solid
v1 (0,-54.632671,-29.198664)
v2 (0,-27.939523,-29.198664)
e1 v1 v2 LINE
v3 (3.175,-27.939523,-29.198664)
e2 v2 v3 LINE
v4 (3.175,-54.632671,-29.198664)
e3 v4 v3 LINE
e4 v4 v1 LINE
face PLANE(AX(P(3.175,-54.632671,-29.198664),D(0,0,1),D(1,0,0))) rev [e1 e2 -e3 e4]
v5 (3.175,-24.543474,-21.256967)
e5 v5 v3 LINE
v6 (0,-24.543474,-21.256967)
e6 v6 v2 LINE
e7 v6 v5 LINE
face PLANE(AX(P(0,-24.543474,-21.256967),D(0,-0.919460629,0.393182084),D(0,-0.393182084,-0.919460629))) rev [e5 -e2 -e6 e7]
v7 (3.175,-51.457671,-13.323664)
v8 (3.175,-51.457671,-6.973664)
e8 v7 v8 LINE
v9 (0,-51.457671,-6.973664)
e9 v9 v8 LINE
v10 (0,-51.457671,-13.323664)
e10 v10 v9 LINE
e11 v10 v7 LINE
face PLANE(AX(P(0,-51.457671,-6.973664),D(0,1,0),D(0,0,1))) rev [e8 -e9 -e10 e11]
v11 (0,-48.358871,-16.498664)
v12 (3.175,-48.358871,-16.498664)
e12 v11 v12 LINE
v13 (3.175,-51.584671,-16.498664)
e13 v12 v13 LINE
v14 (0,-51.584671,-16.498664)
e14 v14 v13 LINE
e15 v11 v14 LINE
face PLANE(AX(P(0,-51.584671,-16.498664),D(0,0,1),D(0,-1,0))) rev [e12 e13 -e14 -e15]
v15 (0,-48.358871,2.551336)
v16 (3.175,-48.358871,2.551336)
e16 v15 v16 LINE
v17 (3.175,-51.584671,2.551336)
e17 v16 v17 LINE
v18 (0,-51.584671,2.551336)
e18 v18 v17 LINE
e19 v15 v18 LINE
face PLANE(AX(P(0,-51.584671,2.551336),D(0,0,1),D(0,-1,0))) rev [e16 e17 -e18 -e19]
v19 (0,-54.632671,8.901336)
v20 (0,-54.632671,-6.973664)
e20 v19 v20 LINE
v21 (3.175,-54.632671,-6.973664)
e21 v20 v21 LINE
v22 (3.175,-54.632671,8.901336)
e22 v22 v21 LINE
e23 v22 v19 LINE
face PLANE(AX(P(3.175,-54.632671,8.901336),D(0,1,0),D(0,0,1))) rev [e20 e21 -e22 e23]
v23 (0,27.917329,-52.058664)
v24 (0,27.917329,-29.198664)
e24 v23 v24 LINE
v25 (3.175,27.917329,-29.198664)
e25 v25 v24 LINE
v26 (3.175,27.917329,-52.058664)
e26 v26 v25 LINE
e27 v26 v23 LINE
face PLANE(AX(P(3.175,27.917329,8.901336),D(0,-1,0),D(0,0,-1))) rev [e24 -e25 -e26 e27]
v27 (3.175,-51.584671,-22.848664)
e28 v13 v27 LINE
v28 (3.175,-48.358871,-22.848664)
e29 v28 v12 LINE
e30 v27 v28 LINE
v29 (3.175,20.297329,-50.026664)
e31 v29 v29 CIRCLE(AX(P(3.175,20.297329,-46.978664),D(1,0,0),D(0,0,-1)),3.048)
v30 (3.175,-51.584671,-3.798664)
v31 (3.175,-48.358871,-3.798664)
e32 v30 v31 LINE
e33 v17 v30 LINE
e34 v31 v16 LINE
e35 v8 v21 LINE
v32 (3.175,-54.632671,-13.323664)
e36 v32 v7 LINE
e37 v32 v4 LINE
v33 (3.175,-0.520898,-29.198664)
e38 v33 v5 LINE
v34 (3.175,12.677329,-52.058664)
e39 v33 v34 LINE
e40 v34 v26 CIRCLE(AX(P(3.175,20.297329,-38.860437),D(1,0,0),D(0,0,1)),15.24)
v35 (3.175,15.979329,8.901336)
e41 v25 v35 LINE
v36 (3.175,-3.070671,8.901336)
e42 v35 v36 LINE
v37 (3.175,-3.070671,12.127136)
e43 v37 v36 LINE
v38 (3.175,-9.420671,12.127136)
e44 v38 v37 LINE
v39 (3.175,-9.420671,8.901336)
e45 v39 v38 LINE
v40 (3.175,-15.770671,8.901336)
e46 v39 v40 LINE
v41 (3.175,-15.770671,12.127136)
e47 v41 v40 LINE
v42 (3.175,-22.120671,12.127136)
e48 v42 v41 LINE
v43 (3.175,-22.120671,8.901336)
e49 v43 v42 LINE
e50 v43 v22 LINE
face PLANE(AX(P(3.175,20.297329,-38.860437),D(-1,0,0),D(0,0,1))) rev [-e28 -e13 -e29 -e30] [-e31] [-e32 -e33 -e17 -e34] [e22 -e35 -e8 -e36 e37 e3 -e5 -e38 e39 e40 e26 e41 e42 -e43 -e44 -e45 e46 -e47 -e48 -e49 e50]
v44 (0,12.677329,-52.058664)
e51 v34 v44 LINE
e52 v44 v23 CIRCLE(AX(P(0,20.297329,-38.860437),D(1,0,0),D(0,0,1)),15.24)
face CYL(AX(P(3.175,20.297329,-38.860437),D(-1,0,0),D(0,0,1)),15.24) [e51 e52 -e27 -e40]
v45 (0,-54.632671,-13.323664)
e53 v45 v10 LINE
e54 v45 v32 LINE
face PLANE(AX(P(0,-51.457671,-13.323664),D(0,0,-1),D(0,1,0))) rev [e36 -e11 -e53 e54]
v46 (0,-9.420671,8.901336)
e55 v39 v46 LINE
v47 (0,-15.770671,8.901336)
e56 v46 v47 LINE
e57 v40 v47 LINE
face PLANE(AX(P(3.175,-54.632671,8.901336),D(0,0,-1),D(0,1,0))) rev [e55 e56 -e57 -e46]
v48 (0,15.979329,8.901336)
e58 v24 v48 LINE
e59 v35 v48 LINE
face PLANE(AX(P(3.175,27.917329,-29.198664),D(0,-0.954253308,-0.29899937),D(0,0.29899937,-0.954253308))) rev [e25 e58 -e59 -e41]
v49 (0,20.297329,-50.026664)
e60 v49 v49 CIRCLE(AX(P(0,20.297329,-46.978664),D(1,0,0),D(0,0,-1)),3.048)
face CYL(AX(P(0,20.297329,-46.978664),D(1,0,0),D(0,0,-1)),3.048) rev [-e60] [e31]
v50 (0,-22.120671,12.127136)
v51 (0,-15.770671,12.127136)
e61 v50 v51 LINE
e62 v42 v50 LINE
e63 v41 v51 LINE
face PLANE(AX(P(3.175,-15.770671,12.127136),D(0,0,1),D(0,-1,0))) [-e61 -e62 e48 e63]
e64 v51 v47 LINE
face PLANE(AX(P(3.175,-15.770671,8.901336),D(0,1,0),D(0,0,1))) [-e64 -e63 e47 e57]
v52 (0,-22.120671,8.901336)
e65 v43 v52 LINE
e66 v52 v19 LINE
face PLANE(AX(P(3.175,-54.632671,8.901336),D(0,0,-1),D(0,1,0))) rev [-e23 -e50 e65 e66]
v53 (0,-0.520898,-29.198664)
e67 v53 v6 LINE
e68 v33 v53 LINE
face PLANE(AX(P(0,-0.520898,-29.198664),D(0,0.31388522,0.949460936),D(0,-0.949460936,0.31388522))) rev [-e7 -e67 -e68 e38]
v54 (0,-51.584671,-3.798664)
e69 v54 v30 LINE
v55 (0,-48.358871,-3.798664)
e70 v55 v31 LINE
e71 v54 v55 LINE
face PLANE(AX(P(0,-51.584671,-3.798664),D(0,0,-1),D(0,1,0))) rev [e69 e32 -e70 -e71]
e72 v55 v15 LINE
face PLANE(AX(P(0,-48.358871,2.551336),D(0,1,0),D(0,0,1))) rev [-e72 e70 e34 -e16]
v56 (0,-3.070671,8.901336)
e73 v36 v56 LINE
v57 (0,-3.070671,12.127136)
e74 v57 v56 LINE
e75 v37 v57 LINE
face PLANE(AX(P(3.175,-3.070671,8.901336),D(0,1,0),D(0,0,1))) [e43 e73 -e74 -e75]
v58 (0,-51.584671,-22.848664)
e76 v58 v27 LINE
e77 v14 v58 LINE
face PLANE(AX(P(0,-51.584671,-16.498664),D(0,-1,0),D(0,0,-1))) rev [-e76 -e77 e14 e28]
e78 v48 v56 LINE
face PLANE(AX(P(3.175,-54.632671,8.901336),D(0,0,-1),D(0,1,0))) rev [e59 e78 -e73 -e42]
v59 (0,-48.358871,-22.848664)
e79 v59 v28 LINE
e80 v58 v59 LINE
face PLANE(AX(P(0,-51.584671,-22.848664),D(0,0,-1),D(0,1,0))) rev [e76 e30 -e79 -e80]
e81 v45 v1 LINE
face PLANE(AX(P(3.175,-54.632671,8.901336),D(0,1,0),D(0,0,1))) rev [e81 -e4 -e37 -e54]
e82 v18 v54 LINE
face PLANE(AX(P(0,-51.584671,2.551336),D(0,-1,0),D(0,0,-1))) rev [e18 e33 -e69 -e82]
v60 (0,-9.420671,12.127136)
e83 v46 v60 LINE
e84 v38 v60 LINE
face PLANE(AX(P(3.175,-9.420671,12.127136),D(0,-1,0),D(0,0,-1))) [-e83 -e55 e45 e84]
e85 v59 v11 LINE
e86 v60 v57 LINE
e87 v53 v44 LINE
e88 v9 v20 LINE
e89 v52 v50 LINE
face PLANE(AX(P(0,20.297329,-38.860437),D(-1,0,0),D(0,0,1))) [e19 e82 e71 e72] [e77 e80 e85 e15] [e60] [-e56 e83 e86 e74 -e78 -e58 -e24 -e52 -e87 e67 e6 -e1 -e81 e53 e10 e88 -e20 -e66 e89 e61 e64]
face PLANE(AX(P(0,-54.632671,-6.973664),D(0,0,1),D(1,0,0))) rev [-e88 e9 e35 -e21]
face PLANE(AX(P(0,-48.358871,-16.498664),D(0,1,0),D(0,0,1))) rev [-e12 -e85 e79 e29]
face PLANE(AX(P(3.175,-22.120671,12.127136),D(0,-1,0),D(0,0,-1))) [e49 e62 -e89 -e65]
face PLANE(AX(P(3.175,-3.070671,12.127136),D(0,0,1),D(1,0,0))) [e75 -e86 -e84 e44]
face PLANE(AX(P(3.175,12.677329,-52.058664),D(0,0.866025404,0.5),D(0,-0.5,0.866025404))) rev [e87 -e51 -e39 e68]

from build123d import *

# Parameters (mm, degrees)
BOSS_EXTRUDE1_DEPTH       = 3.175
SKETCH3_R                 = 3.048
CUT_FOR_AXLE_DEPTH        = 4.175
SKETCH4_W                 = 6.35
SKETCH4_H                 = 3.2258
CUT_FOR_TABS_DEPTH        = 4.175
CUT_FOR_CLEARANCE_DEPTH   = 4.175
CUT_EXTRUDE1_DEPTH        = 4.175
SKETCH10_W                = 3.2258
SKETCH10_H                = 6.35
TABS_FOR_BACK_PLATE_DEPTH = 3.175


with BuildPart() as part:
    # Sketch1 → Boss-Extrude1 (new body)
    with BuildSketch(Plane(origin=(0, 0, 0), x_dir=(0, 0, -1), z_dir=(1, 0, 0))):
        with BuildLine():
            Line((-8.901335672, 27.917328656), (29.198664328, 27.917328656))
            Line((29.198664328, 27.917328656), (52.058664328, 27.917328656))
            ThreePointArc((52.058664328, 27.917328656), (54.100437174, 20.297328656), (52.058664328, 12.677328656))
            Line((52.058664328, 12.677328656), (29.198664328, -0.520898498))
            Line((29.198664328, -0.520898498), (29.198664328, -54.632671344))
            Line((29.198664328, -54.632671344), (-8.901335672, -54.632671344))
            Line((-8.901335672, -54.632671344), (-8.901335672, 27.917328656))
        make_face()
    extrude(amount=BOSS_EXTRUDE1_DEPTH)

    # Sketch3 → cut for axle (cut, through all)
    with BuildSketch(Plane(origin=(3.175, 0, 0), x_dir=(0, 0, -1), z_dir=(1, 0, 0))):
        with Locations((46.978664328, 20.297328656)):
            Circle(SKETCH3_R)
    extrude(amount=-CUT_FOR_AXLE_DEPTH, mode=Mode.SUBTRACT)

    # Sketch4 → cut for tabs (cut, through all)
    with BuildSketch(Plane(origin=(3.175, 0, 0), x_dir=(0, 0, -1), z_dir=(1, 0, 0))):
        with Locations((0.623664328, -49.971771344)):
            Rectangle(SKETCH4_W, SKETCH4_H)
        with Locations((19.673664328, -49.971771344)):
            Rectangle(SKETCH4_W, SKETCH4_H)
        Polygon((10.148664328, -54.632671344), (6.973664328, -54.632671344), (6.973664328, -51.457671344), (13.323664328, -51.457671344), (13.323664328, -54.632671344), align=None)
    extrude(amount=-CUT_FOR_TABS_DEPTH, mode=Mode.SUBTRACT)

    # Sketch6 → cut for clearance (cut, through all)
    with BuildSketch(Plane(origin=(3.175, 0, 0), x_dir=(0, 0, -1), z_dir=(1, 0, 0))):
        Polygon((29.198664328, -0.520898498), (21.256966839, -24.543474446), (29.198664328, -27.939523247), align=None)
    extrude(amount=-CUT_FOR_CLEARANCE_DEPTH, mode=Mode.SUBTRACT)

    # Sketch9 → Cut-Extrude1 (cut, through all)
    with BuildSketch(Plane.ZY):
        Polygon((8.901335672, 27.917328656), (-29.198664328, 27.917328656), (8.901335672, 15.979328656), align=None)
    extrude(amount=-CUT_EXTRUDE1_DEPTH, mode=Mode.SUBTRACT)

    # Sketch10 → tabs for back plate (add)
    with BuildSketch(Plane.ZY):
        with Locations((10.514235672, -6.245671344)):
            Rectangle(SKETCH10_W, SKETCH10_H)
        with Locations((10.514235672, -18.945671344)):
            Rectangle(SKETCH10_W, SKETCH10_H)
    extrude(amount=-TABS_FOR_BACK_PLATE_DEPTH)


solid = part.part
